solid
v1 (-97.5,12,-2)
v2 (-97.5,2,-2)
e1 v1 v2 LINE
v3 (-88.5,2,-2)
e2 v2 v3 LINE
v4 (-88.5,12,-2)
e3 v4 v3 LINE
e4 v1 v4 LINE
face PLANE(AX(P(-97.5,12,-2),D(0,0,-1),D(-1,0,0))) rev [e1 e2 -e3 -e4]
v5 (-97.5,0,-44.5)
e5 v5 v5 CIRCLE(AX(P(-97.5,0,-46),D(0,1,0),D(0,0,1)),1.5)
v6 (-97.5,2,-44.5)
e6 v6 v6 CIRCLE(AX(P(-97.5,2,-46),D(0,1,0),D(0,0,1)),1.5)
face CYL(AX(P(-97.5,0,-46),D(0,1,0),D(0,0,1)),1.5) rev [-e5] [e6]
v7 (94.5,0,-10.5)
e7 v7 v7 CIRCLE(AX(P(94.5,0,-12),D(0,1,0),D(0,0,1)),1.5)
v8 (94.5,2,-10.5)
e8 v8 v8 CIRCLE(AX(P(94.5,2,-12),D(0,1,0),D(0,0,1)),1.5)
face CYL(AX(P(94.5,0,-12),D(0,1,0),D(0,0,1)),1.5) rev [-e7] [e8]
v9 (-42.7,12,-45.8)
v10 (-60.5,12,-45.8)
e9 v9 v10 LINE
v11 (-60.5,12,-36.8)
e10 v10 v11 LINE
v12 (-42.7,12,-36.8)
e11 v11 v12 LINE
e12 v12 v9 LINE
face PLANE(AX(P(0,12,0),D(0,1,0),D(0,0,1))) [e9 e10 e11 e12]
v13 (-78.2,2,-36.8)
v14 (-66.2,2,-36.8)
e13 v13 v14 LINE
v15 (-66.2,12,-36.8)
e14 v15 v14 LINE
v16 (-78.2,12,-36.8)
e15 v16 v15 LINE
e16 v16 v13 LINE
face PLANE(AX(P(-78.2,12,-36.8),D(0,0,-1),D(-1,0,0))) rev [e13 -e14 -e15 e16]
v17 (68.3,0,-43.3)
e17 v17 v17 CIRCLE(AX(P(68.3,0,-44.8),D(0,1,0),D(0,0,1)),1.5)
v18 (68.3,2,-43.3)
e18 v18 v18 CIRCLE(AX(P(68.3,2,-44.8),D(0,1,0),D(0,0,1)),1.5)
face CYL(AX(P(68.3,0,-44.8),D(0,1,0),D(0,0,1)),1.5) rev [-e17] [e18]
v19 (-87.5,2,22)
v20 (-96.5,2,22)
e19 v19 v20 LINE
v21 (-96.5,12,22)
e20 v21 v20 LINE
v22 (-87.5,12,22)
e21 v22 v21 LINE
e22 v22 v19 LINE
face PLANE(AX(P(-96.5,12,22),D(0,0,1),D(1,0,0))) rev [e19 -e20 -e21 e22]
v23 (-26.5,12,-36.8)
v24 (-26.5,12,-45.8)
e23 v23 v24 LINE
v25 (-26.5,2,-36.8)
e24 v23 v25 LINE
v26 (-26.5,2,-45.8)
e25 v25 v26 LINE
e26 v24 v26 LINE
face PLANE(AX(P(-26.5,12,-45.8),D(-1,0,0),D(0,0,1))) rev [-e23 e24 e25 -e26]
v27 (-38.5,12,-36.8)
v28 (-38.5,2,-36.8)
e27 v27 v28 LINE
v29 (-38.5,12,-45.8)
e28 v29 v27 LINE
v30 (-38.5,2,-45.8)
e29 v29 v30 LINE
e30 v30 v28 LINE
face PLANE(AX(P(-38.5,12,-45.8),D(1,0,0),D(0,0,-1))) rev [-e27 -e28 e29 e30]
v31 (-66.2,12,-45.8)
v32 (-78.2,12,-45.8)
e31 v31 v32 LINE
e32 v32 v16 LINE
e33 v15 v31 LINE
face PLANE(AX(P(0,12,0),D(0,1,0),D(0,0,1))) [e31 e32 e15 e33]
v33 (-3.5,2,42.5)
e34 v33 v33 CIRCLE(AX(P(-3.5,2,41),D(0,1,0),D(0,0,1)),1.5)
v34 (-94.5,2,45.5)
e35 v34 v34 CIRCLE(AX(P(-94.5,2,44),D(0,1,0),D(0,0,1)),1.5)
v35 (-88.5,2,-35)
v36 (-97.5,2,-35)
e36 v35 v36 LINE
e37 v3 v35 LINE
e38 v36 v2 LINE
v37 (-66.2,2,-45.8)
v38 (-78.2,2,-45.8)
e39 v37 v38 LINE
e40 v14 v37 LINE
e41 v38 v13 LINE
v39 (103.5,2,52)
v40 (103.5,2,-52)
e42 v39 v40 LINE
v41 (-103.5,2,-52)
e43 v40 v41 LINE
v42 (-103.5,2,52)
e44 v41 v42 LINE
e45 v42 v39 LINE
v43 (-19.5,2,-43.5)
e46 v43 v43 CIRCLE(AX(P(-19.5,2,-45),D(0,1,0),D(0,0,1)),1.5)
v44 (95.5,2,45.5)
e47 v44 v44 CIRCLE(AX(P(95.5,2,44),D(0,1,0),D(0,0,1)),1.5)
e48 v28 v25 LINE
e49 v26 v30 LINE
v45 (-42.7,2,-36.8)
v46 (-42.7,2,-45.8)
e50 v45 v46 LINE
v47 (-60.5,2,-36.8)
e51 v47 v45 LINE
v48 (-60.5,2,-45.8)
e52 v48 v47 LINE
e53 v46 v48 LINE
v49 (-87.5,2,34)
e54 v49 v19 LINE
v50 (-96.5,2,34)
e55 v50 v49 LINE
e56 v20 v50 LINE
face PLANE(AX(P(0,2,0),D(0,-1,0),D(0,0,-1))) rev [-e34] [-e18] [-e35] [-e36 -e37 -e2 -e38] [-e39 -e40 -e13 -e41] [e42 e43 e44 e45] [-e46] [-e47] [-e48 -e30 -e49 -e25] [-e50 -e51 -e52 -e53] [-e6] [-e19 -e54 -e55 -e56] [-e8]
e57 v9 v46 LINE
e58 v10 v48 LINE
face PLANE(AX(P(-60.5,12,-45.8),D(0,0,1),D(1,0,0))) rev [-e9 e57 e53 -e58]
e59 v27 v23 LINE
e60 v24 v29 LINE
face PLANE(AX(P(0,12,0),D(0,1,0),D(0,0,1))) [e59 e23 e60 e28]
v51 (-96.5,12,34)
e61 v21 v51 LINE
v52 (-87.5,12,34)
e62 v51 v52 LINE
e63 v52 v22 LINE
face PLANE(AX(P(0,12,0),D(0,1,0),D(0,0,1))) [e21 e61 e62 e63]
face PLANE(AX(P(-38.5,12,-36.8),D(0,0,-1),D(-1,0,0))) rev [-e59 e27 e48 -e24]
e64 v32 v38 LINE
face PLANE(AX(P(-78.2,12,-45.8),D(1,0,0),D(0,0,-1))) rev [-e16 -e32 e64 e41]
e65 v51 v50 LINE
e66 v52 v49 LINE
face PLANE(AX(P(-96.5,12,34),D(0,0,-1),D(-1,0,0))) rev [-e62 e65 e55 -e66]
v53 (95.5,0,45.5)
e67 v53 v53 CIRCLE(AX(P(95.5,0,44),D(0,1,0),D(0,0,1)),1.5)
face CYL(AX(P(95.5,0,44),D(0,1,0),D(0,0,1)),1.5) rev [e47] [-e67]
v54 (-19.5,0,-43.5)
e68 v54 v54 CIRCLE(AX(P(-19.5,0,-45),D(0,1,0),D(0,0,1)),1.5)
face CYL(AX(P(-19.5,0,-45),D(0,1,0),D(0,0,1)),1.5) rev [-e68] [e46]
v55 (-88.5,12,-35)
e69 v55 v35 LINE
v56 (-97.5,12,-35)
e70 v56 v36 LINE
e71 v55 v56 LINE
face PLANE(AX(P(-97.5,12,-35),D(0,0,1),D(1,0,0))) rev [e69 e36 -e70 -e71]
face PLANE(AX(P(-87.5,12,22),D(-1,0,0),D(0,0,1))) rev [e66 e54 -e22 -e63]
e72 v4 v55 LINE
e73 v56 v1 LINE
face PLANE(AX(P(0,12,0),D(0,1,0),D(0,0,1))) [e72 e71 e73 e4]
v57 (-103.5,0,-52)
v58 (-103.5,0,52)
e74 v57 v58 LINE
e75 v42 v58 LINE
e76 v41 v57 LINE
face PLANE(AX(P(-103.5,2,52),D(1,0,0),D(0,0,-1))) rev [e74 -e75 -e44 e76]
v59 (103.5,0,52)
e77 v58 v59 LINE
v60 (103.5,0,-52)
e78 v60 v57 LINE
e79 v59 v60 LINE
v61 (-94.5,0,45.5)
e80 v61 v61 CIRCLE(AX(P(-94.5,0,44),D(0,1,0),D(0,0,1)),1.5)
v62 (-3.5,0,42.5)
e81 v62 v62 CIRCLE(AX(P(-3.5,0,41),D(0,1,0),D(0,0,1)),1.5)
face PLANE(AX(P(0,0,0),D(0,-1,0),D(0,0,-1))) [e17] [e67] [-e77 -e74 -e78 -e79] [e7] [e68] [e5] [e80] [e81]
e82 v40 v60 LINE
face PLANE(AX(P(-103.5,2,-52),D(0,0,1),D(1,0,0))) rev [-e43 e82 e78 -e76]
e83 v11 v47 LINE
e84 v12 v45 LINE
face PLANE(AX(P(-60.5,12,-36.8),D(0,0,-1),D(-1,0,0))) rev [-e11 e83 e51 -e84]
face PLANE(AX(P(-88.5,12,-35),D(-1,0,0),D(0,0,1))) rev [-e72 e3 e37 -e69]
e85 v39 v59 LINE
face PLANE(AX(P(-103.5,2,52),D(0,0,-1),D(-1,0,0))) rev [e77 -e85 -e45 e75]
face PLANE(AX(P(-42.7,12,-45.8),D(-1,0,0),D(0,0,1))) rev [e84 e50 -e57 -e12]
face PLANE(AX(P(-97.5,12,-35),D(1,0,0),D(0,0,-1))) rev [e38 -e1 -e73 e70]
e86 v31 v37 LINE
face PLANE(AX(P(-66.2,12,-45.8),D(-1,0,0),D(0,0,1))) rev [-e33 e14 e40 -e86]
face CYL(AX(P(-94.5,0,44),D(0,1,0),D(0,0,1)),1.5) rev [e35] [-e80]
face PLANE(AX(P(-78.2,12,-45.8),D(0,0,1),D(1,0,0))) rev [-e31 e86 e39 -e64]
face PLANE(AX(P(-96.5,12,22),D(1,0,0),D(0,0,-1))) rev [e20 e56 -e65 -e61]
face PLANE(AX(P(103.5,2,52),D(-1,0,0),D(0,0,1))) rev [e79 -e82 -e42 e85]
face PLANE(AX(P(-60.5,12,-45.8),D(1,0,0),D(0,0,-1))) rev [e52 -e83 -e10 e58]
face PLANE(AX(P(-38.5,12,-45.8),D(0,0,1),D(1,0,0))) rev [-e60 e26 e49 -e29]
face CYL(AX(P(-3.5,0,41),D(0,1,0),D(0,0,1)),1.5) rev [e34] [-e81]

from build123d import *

# Parameters (mm, degrees)
ESQUISSE1_W             = 207
ESQUISSE1_H             = 104
BOSS_EXTRU_1_DEPTH      = 2
ESQUISSE3_R             = 1.5
ENL_V_MAT_EXTRU_1_DEPTH = 3
ESQUISSE4_W             = 9
ESQUISSE4_H             = 33
ESQUISSE4_H_2           = 12
ESQUISSE4_W_2           = 12
ESQUISSE4_H_3           = 9
ESQUISSE4_W_3           = 17.8
BOSS_EXTRU_2_DEPTH      = 10


with BuildPart() as part:
    # Esquisse1 → Boss.-Extru.1 (new body)
    with BuildSketch(Plane(origin=(0, 0, 0), x_dir=(1, 0, 0), z_dir=(0, 1, 0))):
        Rectangle(ESQUISSE1_W, ESQUISSE1_H)
    extrude(amount=BOSS_EXTRU_1_DEPTH)

    # Esquisse3 → Enlèv. mat.-Extru.1 (cut, through all)
    with BuildSketch(Plane(origin=(0, 2, 0), x_dir=(1, 0, 0), z_dir=(0, 1, 0))):
        with Locations((-97.5, 46)):
            Circle(ESQUISSE3_R)
        with Locations((-19.5, 45)):
            Circle(ESQUISSE3_R)
        with Locations((68.3, 44.8)):
            Circle(ESQUISSE3_R)
        with Locations((94.5, 12)):
            Circle(ESQUISSE3_R)
        with Locations((95.5, -44)):
            Circle(ESQUISSE3_R)
        with Locations((-3.5, -41)):
            Circle(ESQUISSE3_R)
        with Locations((-94.5, -44)):
            Circle(ESQUISSE3_R)
    extrude(amount=-ENL_V_MAT_EXTRU_1_DEPTH, mode=Mode.SUBTRACT)

    # Esquisse4 → Boss.-Extru.2 (add)
    with BuildSketch(Plane(origin=(0, 2, 0), x_dir=(1, 0, 0), z_dir=(0, 1, 0))):
        with Locations((-93, 18.5)):
            Rectangle(ESQUISSE4_W, ESQUISSE4_H)
        with Locations((-92, -28)):
            Rectangle(ESQUISSE4_W, ESQUISSE4_H_2)
        with Locations((-72.2, 41.3)):
            Rectangle(ESQUISSE4_W_2, ESQUISSE4_H_3)
        with Locations((-51.6, 41.3)):
            Rectangle(ESQUISSE4_W_3, ESQUISSE4_H_3)
        with Locations((-32.5, 41.3)):
            Rectangle(ESQUISSE4_W_2, ESQUISSE4_H_3)
    extrude(amount=BOSS_EXTRU_2_DEPTH)


solid = part.part
